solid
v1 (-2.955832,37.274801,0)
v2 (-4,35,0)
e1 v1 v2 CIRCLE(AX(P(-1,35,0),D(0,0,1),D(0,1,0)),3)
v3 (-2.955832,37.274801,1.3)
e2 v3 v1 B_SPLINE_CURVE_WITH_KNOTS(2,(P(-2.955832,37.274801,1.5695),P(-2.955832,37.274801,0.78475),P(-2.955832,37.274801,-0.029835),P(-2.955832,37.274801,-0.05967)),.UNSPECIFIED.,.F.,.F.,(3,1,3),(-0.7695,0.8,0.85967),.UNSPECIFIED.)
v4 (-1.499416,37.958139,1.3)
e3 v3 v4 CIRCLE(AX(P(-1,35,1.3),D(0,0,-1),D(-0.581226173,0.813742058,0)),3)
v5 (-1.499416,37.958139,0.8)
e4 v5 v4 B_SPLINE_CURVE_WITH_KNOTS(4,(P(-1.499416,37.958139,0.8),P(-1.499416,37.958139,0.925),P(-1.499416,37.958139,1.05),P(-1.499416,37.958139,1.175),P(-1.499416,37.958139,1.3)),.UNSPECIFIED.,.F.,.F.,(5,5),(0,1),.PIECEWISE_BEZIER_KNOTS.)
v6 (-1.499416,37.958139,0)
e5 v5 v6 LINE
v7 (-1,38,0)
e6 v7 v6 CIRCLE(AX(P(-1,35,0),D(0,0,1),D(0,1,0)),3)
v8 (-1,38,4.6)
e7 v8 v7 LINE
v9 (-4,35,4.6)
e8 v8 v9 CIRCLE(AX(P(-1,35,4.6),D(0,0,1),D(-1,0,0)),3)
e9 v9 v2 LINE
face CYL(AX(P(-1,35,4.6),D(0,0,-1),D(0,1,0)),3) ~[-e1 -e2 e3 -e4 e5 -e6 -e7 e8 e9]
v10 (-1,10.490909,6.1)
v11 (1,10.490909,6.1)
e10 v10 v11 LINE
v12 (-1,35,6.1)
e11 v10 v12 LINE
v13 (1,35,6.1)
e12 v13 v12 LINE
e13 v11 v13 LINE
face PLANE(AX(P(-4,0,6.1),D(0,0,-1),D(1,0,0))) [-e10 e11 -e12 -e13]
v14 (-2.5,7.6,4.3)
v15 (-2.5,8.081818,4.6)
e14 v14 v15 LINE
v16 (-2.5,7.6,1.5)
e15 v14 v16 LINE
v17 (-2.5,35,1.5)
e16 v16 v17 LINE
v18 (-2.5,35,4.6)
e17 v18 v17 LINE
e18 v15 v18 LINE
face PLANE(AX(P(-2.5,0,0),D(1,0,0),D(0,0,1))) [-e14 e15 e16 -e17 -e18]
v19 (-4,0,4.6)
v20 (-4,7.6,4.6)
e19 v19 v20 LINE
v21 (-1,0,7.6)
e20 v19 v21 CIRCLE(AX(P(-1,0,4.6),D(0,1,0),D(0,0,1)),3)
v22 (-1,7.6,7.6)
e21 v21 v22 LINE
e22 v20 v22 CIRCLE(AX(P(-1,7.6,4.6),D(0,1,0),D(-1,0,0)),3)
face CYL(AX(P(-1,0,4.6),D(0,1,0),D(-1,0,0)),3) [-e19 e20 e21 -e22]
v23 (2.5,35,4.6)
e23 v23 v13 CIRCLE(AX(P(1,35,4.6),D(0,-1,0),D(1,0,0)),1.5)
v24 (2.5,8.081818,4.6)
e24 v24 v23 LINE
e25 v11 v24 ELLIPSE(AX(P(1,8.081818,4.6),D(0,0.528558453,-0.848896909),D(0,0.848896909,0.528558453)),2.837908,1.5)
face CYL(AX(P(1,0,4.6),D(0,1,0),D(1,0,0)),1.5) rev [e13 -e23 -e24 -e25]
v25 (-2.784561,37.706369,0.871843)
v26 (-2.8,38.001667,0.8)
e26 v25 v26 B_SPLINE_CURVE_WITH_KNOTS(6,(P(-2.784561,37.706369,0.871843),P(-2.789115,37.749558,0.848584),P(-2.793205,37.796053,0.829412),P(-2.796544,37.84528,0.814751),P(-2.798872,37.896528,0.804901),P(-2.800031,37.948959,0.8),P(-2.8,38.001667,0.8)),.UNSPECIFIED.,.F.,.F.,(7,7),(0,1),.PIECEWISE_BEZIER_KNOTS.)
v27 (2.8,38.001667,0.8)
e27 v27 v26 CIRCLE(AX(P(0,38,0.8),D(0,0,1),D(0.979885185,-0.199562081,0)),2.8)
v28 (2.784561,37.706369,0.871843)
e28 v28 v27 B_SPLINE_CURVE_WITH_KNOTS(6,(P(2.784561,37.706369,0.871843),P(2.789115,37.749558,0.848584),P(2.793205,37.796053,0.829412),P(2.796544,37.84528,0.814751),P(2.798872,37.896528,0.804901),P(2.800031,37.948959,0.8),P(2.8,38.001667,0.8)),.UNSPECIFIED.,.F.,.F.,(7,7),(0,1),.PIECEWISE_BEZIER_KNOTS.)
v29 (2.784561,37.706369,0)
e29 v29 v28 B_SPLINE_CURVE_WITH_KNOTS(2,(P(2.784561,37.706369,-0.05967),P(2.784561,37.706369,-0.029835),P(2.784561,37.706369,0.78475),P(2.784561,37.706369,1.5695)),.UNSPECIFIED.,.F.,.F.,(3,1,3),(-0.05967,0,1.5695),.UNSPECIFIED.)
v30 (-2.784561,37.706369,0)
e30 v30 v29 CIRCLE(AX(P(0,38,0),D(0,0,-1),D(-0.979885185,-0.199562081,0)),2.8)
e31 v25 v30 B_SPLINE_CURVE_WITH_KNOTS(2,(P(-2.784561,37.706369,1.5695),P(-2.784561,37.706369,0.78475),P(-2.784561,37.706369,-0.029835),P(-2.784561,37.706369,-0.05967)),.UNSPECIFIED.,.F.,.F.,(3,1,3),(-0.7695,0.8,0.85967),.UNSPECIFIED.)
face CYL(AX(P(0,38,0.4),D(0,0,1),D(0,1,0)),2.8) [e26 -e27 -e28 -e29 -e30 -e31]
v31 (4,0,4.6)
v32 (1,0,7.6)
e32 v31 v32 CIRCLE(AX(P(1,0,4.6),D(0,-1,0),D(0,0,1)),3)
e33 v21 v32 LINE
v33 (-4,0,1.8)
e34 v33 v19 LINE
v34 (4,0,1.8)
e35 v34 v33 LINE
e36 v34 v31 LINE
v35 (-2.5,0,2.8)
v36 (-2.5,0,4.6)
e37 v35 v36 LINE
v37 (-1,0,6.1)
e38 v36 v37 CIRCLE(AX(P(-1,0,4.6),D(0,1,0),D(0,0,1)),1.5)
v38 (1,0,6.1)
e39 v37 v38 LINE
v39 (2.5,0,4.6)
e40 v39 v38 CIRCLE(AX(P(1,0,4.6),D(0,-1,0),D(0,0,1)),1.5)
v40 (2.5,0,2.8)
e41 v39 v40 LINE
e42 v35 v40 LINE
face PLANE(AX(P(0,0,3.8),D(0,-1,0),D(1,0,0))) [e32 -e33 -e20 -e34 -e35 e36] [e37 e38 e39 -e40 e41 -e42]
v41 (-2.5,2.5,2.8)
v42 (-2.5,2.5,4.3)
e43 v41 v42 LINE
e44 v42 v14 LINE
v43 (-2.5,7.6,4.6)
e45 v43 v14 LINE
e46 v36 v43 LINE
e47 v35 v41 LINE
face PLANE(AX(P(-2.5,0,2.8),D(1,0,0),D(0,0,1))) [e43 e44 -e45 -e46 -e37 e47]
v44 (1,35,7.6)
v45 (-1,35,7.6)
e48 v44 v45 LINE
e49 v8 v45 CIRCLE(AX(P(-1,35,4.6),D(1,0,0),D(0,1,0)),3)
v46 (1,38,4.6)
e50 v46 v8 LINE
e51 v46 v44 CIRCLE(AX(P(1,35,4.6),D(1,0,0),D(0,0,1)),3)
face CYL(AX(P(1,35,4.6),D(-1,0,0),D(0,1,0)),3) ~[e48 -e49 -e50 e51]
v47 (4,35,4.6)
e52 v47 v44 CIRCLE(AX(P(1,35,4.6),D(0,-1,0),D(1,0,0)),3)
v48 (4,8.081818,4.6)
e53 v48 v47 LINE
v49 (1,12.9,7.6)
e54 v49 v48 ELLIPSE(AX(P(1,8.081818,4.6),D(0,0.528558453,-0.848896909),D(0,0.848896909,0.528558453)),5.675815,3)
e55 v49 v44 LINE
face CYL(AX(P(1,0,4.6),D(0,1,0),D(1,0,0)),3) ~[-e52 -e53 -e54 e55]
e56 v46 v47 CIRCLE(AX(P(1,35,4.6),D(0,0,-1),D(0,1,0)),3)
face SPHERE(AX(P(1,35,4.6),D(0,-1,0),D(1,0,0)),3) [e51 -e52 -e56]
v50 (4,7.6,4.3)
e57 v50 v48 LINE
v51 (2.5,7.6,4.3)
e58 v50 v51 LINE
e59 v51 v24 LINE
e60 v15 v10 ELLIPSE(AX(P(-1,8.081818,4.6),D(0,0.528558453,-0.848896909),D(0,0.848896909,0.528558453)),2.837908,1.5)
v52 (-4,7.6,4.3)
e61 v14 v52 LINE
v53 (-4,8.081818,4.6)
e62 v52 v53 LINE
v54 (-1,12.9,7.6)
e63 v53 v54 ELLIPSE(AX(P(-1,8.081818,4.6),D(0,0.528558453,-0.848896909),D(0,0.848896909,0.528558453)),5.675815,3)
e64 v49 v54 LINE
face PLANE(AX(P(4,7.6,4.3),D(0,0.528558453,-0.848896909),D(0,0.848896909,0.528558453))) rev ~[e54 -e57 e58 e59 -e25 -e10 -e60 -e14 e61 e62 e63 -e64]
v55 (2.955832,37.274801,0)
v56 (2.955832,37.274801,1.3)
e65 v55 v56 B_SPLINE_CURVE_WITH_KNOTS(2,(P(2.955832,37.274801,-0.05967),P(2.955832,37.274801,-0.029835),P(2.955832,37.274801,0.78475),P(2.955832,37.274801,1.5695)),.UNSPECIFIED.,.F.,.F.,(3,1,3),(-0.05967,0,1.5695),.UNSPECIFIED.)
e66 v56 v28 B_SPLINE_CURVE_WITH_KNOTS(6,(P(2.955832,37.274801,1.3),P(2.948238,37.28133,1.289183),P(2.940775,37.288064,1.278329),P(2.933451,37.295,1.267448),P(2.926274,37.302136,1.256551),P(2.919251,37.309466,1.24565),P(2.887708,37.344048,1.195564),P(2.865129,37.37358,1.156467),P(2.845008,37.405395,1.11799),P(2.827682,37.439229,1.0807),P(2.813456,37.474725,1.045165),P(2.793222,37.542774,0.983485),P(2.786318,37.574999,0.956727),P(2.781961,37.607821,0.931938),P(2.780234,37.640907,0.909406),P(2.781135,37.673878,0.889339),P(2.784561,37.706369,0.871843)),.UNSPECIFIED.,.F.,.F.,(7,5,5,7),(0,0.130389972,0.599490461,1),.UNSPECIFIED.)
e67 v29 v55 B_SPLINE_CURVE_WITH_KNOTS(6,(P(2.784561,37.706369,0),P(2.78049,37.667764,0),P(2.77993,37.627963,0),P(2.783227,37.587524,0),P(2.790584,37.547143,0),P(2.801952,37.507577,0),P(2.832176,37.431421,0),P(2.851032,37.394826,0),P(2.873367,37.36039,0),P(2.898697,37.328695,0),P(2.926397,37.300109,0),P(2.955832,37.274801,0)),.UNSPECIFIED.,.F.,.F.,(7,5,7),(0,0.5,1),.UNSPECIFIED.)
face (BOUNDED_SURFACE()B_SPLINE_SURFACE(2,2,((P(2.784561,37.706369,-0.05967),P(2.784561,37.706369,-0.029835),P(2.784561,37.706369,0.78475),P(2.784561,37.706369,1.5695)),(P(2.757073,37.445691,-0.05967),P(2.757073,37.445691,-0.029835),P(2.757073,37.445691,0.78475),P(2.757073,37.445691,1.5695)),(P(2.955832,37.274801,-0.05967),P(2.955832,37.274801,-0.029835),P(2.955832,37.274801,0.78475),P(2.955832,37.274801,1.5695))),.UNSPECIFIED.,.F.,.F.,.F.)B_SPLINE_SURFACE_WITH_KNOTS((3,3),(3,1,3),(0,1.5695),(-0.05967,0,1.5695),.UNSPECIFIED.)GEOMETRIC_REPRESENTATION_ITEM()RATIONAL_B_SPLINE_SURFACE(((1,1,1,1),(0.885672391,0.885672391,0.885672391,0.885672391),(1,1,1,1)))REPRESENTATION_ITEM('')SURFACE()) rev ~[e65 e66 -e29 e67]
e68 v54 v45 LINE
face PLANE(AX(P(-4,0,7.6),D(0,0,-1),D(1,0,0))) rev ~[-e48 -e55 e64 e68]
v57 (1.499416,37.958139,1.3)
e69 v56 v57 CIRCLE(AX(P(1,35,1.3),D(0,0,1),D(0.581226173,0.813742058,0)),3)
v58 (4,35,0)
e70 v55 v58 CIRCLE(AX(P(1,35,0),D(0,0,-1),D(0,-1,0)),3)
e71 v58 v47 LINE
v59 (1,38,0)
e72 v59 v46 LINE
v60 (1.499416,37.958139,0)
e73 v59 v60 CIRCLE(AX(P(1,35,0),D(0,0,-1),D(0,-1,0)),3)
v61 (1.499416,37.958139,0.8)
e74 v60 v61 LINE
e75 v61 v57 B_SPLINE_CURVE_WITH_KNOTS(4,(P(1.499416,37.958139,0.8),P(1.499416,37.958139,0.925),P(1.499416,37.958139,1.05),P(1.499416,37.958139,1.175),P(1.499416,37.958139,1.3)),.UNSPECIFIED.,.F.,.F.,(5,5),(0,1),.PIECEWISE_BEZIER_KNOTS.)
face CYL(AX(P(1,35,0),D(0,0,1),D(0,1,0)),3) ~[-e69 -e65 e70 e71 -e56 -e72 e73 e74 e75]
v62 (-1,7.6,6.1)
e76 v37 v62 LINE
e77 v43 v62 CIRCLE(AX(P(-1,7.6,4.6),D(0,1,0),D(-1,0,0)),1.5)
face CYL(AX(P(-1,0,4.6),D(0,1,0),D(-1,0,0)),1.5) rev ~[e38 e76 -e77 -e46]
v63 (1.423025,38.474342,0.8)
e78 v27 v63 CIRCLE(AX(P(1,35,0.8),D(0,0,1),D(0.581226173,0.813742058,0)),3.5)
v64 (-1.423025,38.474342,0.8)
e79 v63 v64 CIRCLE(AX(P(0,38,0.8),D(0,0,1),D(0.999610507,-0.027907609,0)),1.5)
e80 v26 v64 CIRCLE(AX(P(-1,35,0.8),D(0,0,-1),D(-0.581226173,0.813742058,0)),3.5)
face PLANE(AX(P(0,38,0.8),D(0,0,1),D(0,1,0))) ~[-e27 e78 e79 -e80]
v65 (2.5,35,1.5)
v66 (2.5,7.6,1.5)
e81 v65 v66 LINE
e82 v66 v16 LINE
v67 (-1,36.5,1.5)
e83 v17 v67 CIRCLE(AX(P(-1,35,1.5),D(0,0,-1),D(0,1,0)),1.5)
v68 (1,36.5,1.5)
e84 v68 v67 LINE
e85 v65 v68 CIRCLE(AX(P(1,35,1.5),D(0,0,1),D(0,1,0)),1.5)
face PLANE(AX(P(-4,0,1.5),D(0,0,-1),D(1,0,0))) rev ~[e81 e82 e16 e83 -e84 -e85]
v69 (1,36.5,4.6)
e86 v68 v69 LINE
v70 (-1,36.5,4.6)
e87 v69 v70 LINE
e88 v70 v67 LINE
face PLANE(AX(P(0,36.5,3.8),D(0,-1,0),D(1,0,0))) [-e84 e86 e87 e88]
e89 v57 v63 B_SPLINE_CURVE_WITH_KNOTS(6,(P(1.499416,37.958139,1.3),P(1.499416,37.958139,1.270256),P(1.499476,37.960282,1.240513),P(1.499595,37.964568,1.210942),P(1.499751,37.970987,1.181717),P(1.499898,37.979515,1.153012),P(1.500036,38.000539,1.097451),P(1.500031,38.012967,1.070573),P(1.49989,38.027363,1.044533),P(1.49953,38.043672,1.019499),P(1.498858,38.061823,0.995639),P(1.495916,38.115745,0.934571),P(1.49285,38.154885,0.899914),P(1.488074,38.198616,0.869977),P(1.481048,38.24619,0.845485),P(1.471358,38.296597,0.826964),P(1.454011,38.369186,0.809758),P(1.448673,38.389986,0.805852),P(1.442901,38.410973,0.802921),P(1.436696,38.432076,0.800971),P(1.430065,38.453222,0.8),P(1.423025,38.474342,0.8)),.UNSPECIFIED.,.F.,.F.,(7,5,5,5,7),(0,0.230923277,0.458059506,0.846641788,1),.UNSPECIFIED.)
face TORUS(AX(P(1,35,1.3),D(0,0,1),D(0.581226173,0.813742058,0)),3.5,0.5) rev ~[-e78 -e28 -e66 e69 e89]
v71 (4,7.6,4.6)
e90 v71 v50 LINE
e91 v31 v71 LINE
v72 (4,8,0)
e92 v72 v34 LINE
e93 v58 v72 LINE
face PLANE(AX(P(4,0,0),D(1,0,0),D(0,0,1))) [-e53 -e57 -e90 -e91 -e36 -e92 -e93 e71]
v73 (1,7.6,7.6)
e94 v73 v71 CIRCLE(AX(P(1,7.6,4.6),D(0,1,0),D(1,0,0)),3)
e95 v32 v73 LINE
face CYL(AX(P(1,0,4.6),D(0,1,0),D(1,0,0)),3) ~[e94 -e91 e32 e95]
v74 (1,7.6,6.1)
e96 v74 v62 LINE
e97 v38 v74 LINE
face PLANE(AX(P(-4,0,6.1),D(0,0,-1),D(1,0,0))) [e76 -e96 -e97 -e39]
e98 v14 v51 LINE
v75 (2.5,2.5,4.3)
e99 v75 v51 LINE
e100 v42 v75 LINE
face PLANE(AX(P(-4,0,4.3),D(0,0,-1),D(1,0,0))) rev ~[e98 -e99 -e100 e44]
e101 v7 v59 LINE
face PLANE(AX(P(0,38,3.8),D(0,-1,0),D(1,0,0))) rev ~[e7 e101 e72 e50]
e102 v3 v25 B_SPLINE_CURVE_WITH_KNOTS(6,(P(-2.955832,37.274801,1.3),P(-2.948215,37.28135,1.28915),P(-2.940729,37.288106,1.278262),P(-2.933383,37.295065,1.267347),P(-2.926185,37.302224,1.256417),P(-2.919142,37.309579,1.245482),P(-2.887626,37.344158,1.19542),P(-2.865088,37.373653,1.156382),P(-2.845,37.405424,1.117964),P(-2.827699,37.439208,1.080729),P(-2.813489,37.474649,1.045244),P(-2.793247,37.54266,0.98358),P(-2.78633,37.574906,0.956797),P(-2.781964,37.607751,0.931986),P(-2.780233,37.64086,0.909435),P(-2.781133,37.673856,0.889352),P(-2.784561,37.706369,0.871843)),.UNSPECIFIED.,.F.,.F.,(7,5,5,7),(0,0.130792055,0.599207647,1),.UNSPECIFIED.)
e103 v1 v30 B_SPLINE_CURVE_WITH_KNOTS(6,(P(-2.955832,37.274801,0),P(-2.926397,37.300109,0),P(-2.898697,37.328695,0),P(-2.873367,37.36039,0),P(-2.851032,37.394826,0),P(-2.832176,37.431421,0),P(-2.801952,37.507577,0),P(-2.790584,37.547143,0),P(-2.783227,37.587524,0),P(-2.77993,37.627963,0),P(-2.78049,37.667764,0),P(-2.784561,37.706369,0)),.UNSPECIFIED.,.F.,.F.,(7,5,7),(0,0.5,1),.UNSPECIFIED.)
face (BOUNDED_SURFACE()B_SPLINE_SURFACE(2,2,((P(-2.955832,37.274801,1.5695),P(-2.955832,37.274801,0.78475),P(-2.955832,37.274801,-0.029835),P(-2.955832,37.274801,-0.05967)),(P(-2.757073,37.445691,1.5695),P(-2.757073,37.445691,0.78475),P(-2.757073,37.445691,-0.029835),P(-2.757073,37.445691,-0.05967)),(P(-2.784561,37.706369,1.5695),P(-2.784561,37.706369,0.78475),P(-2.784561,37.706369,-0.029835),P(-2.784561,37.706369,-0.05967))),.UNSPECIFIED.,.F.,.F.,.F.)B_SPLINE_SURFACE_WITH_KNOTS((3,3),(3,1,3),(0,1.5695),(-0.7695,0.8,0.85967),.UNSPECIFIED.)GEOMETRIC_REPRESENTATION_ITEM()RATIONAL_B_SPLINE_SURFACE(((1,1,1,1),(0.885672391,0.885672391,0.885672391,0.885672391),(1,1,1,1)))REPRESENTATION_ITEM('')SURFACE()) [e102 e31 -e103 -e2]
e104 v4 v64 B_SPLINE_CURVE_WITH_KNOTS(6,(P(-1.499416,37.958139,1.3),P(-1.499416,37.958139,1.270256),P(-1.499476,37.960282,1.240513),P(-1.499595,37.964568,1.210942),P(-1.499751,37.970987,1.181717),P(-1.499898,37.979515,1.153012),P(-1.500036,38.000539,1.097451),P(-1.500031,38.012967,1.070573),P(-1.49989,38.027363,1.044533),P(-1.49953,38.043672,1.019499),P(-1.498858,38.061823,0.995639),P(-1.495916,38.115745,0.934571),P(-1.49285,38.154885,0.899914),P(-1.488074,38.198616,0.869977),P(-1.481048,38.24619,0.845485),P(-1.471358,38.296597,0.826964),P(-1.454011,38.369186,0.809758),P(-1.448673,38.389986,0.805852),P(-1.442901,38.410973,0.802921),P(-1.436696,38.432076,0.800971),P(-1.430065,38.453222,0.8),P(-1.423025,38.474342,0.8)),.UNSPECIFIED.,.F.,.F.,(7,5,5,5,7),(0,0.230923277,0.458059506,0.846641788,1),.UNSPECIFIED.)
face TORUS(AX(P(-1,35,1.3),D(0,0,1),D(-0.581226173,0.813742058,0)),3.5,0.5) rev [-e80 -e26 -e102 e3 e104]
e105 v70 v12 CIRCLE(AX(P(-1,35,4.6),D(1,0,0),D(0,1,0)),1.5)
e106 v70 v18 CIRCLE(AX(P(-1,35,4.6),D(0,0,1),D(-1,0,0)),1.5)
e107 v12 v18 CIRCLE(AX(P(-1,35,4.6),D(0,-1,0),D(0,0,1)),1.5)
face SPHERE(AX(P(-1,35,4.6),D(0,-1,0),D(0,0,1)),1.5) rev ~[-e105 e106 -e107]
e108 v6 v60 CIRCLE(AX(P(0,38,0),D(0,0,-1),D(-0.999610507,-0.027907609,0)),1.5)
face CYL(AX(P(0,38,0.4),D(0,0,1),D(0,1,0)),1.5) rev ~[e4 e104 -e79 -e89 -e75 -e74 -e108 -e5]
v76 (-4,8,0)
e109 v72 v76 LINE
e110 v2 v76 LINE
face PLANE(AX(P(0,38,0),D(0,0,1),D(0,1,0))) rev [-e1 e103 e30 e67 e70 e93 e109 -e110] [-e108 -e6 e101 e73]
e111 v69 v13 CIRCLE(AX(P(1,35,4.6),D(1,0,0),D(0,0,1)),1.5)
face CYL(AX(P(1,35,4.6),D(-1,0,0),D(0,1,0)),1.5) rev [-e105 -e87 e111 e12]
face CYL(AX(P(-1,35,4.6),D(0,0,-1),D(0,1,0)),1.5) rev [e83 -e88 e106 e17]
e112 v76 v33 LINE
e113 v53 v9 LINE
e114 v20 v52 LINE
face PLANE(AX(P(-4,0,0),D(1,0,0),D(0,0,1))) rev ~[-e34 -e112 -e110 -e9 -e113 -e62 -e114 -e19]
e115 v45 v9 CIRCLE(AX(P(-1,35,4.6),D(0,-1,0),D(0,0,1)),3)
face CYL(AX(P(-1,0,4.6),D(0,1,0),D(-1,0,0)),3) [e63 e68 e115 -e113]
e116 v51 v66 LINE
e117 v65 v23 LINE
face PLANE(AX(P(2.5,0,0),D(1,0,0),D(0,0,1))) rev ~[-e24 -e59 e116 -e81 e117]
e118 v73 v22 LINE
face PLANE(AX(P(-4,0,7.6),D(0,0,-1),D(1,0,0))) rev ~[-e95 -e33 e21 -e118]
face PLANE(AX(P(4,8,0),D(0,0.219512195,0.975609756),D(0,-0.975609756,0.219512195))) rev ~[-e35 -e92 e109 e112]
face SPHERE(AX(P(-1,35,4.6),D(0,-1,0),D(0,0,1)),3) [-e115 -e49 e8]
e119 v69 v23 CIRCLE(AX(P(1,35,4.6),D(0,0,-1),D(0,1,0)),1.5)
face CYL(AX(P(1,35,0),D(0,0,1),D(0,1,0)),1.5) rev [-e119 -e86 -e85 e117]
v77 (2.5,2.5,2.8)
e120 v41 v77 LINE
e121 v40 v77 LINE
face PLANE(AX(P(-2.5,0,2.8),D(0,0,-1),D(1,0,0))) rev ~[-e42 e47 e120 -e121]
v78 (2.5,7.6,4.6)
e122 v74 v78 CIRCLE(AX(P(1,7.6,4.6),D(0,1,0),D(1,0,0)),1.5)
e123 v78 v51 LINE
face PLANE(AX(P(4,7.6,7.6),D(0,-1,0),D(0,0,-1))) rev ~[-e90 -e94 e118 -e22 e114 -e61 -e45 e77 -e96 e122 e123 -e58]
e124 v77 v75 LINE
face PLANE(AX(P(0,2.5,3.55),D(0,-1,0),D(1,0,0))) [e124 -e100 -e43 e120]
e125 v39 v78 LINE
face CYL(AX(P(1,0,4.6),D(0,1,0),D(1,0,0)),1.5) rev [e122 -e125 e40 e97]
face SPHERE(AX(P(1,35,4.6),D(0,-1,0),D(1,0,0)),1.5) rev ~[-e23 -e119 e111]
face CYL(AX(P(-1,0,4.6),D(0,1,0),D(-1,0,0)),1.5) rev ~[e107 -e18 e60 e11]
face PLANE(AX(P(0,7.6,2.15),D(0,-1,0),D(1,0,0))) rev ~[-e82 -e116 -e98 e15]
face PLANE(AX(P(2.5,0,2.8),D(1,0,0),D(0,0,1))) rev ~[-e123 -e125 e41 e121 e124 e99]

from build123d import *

# Parameters (mm, degrees)
F0_W      = 8
F0_H      = 7.6
F1_DEPTH  = 38
F2_R      = 3
F3_R      = 3
F4_T      = -1.5
F5_W      = 8
F5_H      = 4.3
F6_DEPTH  = 7.6
F8_DEPTH  = 8.001
F9_W      = 5
F9_H      = 1.5
F10_DEPTH = 2.5
F12_DEPTH = 25
F14_W     = 1.3
F14_H     = 0.8
F16_R     = 0.5


with BuildPart() as f1:
    # F0 (on Front) → F1 (new body)
    with BuildSketch(Plane.XZ):
        with Locations((0, 3.8)):
            Rectangle(F0_W, F0_H)
    extrude(amount=-F1_DEPTH)

    # F2
    f2_edges = [f1.edges().sort_by_distance(p)[0] for p in [
        (4, 19, 7.6),
        (-4, 19, 7.6),
    ]]
    fillet(f2_edges, radius=F2_R)

    # F3
    f3_edges = [f1.edges().sort_by_distance(p)[0] for p in [
        (4, 38, 2.3),
    ]]
    fillet(f3_edges, radius=F3_R)

    # F4
    f4_openings = [f1.faces().sort_by_distance(p)[0] for p in [
        (0, 0, 3.587656),
    ]]
    offset(amount=F4_T, openings=f4_openings)

    # F5 (on face) → F6 (join)
    with BuildSketch(Plane.XZ):
        with Locations((0, 2.15)):
            Rectangle(F5_W, F5_H)
    extrude(amount=-F6_DEPTH)

    # F7 (on face) → F8 (cut, through all)
    with BuildSketch(Plane.YZ.offset(4)):
        Polygon((7.6, 7.6), (7.6, 4.3), (12.9, 7.6), align=None)
    extrude(amount=-F8_DEPTH, mode=Mode.SUBTRACT)

    # F9 (on face) → F10 (cut)
    with BuildSketch(Plane.XZ):
        with Locations((0, 3.55)):
            Rectangle(F9_W, F9_H)
    extrude(amount=-F10_DEPTH, mode=Mode.SUBTRACT)

    # F11 (on face) → F12 (cut)
    with BuildSketch(Plane.YZ.offset(4)):
        Polygon((8, 0), (0, 1.8), (0, 0), align=None)
    extrude(amount=-F12_DEPTH, mode=Mode.SUBTRACT)

    # F14 (on Right) → F15 (revolve)
    with BuildSketch(Plane.YZ):
        with Locations((40.15, 0.4)):
            Rectangle(F14_W, F14_H)
    revolve(axis=Axis((0, 38, 2.3), (0, 0, 1)))

    # F16
    f16_edges = [f1.edges().sort_by_distance(p)[0] for p in [
        (2.150942, 37.770439, 0.8),
        (-2.150942, 37.770439, 0.8),
        (2.743679, 37.441226, 0.4),
        (-2.743679, 37.441226, 0.4),
    ]]
    fillet(f16_edges, radius=F16_R)


solid = f1.part
